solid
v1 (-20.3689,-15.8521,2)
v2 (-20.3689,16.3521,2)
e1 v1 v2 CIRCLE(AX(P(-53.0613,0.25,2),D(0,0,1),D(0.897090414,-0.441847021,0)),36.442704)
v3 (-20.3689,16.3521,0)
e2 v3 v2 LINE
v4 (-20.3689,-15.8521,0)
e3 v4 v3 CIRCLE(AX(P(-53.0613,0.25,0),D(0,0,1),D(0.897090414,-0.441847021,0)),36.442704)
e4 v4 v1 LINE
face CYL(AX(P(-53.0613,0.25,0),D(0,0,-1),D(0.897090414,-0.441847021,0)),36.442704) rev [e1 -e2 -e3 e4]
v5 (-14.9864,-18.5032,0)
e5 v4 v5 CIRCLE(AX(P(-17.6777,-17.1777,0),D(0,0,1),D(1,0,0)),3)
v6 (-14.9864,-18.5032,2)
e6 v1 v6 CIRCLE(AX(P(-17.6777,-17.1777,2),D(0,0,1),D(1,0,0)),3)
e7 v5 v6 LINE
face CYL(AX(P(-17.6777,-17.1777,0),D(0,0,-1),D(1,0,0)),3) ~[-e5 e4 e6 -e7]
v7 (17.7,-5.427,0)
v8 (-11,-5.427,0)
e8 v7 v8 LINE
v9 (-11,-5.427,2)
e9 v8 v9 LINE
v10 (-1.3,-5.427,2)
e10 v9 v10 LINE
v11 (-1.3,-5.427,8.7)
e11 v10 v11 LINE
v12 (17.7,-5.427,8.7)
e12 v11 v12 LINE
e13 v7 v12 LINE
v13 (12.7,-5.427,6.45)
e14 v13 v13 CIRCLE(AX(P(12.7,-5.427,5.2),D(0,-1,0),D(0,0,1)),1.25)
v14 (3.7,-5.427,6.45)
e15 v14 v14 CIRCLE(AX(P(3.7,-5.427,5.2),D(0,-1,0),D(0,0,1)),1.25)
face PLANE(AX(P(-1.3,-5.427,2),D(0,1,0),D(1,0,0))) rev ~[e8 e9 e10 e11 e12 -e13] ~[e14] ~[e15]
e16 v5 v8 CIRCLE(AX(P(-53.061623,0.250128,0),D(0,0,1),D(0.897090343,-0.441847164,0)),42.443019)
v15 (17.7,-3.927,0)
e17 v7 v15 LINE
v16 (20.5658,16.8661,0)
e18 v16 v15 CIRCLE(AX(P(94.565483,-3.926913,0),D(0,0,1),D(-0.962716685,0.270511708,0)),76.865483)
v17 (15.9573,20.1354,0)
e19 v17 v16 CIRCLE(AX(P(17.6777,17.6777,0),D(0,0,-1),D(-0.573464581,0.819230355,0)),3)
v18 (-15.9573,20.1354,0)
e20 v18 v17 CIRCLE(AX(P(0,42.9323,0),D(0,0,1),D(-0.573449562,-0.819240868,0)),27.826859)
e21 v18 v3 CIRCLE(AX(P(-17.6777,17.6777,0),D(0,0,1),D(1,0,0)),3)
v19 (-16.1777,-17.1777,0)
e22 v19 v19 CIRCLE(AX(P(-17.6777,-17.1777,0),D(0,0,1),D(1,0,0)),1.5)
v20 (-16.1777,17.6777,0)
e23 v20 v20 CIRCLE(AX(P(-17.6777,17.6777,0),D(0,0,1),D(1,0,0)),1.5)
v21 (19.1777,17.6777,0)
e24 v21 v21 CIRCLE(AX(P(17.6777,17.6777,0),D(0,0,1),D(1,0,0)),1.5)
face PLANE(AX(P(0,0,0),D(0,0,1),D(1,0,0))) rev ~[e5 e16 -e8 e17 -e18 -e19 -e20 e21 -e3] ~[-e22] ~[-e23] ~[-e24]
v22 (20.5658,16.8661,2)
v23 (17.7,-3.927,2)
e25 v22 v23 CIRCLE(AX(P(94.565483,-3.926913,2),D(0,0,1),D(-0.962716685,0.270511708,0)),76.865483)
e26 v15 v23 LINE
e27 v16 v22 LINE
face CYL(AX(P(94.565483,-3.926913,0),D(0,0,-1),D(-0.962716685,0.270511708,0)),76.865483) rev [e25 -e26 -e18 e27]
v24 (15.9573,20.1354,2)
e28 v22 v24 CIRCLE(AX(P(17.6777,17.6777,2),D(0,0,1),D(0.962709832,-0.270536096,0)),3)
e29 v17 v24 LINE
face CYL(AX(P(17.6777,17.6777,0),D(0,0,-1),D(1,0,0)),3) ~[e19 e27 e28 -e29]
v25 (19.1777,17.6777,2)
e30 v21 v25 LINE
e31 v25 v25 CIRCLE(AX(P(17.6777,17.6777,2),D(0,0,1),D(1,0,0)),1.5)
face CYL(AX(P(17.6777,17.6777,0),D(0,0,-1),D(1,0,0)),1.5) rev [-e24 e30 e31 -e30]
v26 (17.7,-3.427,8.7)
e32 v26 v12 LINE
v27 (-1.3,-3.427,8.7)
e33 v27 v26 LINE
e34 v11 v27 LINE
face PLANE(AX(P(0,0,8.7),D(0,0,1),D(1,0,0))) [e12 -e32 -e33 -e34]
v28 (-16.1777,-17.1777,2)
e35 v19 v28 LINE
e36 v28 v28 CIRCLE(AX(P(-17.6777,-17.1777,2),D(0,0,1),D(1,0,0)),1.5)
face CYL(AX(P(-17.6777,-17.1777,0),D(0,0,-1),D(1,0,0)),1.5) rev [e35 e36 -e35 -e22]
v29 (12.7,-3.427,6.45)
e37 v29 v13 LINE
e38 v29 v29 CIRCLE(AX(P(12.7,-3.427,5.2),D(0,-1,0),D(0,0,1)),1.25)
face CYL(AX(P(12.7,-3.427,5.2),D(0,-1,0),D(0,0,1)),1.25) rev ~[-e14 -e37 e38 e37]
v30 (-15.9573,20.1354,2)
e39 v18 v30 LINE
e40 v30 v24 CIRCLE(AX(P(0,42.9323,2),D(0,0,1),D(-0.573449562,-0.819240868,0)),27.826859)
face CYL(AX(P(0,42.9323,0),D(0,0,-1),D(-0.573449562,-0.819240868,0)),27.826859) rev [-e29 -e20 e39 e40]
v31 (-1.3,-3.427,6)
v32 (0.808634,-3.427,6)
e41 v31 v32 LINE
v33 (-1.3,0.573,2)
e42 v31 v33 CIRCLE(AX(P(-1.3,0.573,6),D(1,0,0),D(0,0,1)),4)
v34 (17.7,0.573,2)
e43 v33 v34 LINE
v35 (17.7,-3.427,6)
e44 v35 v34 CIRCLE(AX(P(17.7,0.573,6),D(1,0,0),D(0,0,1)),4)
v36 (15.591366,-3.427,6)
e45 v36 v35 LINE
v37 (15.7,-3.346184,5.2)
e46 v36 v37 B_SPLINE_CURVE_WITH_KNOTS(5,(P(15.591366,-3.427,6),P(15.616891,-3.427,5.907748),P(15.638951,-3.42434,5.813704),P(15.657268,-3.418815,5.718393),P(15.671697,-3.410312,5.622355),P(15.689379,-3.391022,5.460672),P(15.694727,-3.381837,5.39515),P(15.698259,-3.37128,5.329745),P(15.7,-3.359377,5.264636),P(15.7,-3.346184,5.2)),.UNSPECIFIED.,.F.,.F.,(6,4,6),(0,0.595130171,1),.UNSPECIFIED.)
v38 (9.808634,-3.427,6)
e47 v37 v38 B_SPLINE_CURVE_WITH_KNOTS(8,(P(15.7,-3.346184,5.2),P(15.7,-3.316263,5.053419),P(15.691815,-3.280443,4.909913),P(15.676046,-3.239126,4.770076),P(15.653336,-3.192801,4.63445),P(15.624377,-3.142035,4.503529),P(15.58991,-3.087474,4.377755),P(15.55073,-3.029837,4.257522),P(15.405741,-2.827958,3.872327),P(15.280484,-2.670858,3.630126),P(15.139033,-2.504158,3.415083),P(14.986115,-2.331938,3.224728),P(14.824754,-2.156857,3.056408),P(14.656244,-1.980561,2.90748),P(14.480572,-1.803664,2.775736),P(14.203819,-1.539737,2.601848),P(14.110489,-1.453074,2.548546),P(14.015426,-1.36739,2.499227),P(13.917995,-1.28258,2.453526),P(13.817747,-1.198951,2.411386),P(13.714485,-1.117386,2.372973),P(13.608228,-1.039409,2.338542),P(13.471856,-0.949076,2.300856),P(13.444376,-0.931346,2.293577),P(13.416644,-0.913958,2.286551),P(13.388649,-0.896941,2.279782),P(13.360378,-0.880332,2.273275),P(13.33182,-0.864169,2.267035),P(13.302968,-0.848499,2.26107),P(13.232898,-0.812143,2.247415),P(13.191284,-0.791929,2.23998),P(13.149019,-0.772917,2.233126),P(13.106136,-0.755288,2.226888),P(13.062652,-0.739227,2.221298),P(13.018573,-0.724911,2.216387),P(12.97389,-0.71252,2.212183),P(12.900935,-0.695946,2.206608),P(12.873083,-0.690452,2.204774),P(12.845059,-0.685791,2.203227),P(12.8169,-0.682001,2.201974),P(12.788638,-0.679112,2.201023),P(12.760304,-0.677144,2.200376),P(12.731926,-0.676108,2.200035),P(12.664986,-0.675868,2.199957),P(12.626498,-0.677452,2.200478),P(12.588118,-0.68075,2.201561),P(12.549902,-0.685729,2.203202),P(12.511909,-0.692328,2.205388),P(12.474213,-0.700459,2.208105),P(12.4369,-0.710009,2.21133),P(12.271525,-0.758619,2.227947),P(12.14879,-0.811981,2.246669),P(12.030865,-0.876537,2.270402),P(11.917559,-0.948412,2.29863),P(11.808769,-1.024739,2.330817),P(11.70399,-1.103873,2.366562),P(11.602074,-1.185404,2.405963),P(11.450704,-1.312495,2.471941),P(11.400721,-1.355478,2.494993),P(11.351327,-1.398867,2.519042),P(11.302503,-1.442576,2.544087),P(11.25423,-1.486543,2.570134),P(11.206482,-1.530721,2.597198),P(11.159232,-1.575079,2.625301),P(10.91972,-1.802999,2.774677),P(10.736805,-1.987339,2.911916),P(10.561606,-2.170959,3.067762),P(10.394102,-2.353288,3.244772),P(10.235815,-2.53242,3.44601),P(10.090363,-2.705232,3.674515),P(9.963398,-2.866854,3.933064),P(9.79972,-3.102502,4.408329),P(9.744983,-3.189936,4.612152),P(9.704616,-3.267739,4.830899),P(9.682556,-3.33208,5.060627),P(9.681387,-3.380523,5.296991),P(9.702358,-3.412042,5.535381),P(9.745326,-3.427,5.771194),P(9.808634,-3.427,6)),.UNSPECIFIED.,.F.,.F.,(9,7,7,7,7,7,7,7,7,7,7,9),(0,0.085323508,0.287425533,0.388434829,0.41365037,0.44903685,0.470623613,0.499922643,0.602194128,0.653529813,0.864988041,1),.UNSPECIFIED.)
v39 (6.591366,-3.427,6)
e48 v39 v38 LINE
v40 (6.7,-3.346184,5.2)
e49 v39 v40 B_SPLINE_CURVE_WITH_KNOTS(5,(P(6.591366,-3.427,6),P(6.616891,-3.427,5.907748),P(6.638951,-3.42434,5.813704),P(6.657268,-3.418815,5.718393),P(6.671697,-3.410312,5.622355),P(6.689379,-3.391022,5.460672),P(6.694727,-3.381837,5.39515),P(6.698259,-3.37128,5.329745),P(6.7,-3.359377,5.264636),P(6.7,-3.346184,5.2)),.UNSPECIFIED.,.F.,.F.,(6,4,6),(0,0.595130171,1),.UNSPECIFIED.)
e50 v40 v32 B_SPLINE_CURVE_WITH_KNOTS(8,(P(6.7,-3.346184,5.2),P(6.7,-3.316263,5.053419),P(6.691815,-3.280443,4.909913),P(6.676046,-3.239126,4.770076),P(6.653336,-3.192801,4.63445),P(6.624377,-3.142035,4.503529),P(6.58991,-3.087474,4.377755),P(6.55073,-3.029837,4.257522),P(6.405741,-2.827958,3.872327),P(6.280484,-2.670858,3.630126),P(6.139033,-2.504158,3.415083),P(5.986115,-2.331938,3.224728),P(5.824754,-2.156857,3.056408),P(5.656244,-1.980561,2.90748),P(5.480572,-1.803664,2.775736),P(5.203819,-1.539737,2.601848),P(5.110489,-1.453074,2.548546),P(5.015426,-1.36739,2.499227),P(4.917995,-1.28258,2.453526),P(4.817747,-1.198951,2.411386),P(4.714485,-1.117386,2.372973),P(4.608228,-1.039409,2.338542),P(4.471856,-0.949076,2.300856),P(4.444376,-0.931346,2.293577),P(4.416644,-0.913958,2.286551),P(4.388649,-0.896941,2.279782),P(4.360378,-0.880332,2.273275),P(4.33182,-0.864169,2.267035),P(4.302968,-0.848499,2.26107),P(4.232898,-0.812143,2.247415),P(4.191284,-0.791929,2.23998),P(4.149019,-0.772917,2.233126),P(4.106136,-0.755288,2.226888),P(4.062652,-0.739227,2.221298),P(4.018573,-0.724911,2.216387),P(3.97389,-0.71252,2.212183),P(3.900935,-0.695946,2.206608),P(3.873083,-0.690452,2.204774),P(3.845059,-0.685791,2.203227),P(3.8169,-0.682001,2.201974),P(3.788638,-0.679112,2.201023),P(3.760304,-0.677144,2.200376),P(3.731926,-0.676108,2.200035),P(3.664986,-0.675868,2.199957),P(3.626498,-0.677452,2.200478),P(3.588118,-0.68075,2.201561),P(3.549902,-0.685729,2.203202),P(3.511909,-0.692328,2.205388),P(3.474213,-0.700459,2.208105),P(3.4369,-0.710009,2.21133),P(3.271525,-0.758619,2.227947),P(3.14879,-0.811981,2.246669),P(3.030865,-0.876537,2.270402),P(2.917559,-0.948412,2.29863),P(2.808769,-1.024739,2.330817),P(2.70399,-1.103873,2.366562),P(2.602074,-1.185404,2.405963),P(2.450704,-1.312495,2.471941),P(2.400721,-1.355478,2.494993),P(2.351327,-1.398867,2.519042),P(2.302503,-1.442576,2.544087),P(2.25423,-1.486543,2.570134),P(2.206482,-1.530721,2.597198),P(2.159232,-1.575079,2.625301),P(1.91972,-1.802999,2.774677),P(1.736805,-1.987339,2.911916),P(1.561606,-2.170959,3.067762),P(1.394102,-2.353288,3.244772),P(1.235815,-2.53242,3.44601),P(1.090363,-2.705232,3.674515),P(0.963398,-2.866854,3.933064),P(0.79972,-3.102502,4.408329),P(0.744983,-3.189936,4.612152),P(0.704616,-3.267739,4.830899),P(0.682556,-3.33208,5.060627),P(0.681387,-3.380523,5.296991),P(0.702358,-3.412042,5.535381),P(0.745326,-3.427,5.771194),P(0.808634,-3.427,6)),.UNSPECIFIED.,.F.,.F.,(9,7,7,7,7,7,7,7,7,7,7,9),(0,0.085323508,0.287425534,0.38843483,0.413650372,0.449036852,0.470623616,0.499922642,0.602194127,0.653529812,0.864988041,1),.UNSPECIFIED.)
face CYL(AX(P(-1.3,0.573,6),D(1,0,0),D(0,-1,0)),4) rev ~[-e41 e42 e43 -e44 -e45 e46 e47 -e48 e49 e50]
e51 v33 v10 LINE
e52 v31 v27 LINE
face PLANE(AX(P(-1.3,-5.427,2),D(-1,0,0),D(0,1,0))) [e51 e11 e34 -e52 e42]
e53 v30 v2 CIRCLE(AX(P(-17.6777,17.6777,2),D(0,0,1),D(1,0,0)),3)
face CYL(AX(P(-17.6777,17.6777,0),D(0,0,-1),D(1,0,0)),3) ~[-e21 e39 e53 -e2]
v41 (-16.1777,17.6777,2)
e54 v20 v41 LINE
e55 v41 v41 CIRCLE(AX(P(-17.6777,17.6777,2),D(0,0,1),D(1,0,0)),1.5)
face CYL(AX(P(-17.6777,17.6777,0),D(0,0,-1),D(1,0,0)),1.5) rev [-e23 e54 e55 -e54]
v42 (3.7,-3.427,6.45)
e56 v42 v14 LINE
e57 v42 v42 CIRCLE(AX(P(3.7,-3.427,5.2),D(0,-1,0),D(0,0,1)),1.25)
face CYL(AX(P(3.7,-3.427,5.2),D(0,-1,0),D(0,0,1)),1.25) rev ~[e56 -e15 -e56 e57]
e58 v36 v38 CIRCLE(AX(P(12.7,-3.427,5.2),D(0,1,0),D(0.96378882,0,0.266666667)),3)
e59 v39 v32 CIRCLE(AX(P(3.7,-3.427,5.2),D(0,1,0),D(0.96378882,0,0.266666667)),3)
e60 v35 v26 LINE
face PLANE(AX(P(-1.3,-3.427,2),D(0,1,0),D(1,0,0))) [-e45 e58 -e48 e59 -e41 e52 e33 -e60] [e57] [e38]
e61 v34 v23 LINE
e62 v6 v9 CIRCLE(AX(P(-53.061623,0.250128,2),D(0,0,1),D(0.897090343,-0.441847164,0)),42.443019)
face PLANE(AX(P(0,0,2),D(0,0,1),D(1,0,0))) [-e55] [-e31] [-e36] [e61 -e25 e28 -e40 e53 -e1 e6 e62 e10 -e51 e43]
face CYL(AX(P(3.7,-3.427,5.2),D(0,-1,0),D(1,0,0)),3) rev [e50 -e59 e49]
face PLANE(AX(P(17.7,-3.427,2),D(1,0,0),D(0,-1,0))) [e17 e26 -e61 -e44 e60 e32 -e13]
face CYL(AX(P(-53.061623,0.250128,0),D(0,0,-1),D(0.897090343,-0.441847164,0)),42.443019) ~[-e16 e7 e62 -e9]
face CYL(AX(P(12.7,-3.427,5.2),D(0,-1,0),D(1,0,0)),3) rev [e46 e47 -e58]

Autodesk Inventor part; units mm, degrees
ref_plane "YZ Plane" through (0, 0, 0) normal (1, 0, 0) x (0, 1, 0)
ref_plane "XZ Plane" through (0, 0, 0) normal (0, 1, 0) x (-1, 0, 0)
ref_plane "Work Plane1" through (0, 0, 0) normal (0, 0, 1) x (1, 0, 0)
sketch "Sketch2" plane through (0, 0, 0) normal (0, 0, 1) x (1, 0, 0)
  circle A0 centre (-17.6777, 17.6777) radius 3 projected
  circle A1 centre (17.6777, 17.6777) radius 3 projected
  circle A2 centre (-17.6777, -17.1777) radius 3 projected
  line L0 (17.7, -5.427) -> (-1.3, -5.427) projected
  line L1 (-1.3, -5.427) -> (17.7, -5.427)
  line L2 (17.7, -5.427) -> (17.7, -3.927)
  line L3 (17.7, -3.927) -> (-1.3, -3.927)
  line L4 (-1.3, -3.927) -> (-1.3, -5.427)
  arc A3 (-15.9573, 20.1354) -> (15.9573, 20.1354) centre (0, 42.9323) ccw
  arc A4 (-20.3689, -15.8521) -> (-20.3689, 16.3521) centre (-53.0613, 0.25) ccw
  arc A5 (-14.9864, -18.5032) -> (-11, -5.427) centre (-53.0613, 0.25) ccw
  line L5 (-11, -5.427) -> (-1.3, -5.427)
  arc A6 (20.5658, 16.8661) -> (17.7, -3.927) centre (94.5659, -3.927) ccw
  circle A7 centre (-17.6777, 17.6777) radius 1.5
  circle A8 centre (17.6777, 17.6777) radius 1.5
  circle A9 centre (-17.6777, -17.1777) radius 1.5
  point P0 (0, 0)
  point P1 (-10.5, -5.427)
  dimension "d6" = 19
  dimension "d7" = 1.5
  dimension "d9" = 0.5
  dimension "d10" = 3
  dimension "d11" = 3
  dimension "d12" = 3
extrude "Extrusion1" add sketch "Sketch2" along normal blind 2
sketch "Sketch3" plane through (0, 0, 2) normal (0, 0, 1) x (1, 0, 0)
  line L0 (-11, -5.427) -> (17.7, -5.427) projected
  line L1 (17.7, -5.427) -> (-1.3, -5.427)
  line L2 (-1.3, -5.427) -> (-1.3, -3.427)
  line L3 (-1.3, -3.427) -> (17.7, -3.427)
  line L4 (17.7, -3.427) -> (17.7, -5.427)
  point P0 (0, 0)
  dimension "d15" = 19
  dimension "d16" = 2
ref_plane "Work Plane2" through (-1.3, -10.427, 8.7) normal (0, 0, 1) x (1, 0, 0)
extrude "Extrusion2" add sketch "Sketch3" along normal up to surface (6.7 mm away)
sketch "Sketch4" plane through (-1.3, -3.427, 2) normal (0, 1, 0) x (1, 0, 0)
  circle A0 centre (14, -3.2) radius 1.25 projected
  circle A1 centre (5, -3.2) radius 1.25 projected
  circle A2 centre (5, -3.2) radius 3
  circle A3 centre (14, -3.2) radius 3
  point P0 (1.3, 2)
  dimension "d20" = 6
  dimension "d21" = 6
fillet "Fillet1" radius 4 1 edges at (8.2, -3.427, 2)
extrude "Extrusion3" cut sketch "Sketch4" along normal blind 10 contours A0 | A1 | A2 | A3
hole "Hole1" at (3.7, -3.427, 5.2) direction (0, -1, 0) diameter 2.5 end through all
hole "Hole2" at (12.7, -3.427, 5.2) direction (0, -1, 0) diameter 2.5 end through all
properties part number "FanMount"
